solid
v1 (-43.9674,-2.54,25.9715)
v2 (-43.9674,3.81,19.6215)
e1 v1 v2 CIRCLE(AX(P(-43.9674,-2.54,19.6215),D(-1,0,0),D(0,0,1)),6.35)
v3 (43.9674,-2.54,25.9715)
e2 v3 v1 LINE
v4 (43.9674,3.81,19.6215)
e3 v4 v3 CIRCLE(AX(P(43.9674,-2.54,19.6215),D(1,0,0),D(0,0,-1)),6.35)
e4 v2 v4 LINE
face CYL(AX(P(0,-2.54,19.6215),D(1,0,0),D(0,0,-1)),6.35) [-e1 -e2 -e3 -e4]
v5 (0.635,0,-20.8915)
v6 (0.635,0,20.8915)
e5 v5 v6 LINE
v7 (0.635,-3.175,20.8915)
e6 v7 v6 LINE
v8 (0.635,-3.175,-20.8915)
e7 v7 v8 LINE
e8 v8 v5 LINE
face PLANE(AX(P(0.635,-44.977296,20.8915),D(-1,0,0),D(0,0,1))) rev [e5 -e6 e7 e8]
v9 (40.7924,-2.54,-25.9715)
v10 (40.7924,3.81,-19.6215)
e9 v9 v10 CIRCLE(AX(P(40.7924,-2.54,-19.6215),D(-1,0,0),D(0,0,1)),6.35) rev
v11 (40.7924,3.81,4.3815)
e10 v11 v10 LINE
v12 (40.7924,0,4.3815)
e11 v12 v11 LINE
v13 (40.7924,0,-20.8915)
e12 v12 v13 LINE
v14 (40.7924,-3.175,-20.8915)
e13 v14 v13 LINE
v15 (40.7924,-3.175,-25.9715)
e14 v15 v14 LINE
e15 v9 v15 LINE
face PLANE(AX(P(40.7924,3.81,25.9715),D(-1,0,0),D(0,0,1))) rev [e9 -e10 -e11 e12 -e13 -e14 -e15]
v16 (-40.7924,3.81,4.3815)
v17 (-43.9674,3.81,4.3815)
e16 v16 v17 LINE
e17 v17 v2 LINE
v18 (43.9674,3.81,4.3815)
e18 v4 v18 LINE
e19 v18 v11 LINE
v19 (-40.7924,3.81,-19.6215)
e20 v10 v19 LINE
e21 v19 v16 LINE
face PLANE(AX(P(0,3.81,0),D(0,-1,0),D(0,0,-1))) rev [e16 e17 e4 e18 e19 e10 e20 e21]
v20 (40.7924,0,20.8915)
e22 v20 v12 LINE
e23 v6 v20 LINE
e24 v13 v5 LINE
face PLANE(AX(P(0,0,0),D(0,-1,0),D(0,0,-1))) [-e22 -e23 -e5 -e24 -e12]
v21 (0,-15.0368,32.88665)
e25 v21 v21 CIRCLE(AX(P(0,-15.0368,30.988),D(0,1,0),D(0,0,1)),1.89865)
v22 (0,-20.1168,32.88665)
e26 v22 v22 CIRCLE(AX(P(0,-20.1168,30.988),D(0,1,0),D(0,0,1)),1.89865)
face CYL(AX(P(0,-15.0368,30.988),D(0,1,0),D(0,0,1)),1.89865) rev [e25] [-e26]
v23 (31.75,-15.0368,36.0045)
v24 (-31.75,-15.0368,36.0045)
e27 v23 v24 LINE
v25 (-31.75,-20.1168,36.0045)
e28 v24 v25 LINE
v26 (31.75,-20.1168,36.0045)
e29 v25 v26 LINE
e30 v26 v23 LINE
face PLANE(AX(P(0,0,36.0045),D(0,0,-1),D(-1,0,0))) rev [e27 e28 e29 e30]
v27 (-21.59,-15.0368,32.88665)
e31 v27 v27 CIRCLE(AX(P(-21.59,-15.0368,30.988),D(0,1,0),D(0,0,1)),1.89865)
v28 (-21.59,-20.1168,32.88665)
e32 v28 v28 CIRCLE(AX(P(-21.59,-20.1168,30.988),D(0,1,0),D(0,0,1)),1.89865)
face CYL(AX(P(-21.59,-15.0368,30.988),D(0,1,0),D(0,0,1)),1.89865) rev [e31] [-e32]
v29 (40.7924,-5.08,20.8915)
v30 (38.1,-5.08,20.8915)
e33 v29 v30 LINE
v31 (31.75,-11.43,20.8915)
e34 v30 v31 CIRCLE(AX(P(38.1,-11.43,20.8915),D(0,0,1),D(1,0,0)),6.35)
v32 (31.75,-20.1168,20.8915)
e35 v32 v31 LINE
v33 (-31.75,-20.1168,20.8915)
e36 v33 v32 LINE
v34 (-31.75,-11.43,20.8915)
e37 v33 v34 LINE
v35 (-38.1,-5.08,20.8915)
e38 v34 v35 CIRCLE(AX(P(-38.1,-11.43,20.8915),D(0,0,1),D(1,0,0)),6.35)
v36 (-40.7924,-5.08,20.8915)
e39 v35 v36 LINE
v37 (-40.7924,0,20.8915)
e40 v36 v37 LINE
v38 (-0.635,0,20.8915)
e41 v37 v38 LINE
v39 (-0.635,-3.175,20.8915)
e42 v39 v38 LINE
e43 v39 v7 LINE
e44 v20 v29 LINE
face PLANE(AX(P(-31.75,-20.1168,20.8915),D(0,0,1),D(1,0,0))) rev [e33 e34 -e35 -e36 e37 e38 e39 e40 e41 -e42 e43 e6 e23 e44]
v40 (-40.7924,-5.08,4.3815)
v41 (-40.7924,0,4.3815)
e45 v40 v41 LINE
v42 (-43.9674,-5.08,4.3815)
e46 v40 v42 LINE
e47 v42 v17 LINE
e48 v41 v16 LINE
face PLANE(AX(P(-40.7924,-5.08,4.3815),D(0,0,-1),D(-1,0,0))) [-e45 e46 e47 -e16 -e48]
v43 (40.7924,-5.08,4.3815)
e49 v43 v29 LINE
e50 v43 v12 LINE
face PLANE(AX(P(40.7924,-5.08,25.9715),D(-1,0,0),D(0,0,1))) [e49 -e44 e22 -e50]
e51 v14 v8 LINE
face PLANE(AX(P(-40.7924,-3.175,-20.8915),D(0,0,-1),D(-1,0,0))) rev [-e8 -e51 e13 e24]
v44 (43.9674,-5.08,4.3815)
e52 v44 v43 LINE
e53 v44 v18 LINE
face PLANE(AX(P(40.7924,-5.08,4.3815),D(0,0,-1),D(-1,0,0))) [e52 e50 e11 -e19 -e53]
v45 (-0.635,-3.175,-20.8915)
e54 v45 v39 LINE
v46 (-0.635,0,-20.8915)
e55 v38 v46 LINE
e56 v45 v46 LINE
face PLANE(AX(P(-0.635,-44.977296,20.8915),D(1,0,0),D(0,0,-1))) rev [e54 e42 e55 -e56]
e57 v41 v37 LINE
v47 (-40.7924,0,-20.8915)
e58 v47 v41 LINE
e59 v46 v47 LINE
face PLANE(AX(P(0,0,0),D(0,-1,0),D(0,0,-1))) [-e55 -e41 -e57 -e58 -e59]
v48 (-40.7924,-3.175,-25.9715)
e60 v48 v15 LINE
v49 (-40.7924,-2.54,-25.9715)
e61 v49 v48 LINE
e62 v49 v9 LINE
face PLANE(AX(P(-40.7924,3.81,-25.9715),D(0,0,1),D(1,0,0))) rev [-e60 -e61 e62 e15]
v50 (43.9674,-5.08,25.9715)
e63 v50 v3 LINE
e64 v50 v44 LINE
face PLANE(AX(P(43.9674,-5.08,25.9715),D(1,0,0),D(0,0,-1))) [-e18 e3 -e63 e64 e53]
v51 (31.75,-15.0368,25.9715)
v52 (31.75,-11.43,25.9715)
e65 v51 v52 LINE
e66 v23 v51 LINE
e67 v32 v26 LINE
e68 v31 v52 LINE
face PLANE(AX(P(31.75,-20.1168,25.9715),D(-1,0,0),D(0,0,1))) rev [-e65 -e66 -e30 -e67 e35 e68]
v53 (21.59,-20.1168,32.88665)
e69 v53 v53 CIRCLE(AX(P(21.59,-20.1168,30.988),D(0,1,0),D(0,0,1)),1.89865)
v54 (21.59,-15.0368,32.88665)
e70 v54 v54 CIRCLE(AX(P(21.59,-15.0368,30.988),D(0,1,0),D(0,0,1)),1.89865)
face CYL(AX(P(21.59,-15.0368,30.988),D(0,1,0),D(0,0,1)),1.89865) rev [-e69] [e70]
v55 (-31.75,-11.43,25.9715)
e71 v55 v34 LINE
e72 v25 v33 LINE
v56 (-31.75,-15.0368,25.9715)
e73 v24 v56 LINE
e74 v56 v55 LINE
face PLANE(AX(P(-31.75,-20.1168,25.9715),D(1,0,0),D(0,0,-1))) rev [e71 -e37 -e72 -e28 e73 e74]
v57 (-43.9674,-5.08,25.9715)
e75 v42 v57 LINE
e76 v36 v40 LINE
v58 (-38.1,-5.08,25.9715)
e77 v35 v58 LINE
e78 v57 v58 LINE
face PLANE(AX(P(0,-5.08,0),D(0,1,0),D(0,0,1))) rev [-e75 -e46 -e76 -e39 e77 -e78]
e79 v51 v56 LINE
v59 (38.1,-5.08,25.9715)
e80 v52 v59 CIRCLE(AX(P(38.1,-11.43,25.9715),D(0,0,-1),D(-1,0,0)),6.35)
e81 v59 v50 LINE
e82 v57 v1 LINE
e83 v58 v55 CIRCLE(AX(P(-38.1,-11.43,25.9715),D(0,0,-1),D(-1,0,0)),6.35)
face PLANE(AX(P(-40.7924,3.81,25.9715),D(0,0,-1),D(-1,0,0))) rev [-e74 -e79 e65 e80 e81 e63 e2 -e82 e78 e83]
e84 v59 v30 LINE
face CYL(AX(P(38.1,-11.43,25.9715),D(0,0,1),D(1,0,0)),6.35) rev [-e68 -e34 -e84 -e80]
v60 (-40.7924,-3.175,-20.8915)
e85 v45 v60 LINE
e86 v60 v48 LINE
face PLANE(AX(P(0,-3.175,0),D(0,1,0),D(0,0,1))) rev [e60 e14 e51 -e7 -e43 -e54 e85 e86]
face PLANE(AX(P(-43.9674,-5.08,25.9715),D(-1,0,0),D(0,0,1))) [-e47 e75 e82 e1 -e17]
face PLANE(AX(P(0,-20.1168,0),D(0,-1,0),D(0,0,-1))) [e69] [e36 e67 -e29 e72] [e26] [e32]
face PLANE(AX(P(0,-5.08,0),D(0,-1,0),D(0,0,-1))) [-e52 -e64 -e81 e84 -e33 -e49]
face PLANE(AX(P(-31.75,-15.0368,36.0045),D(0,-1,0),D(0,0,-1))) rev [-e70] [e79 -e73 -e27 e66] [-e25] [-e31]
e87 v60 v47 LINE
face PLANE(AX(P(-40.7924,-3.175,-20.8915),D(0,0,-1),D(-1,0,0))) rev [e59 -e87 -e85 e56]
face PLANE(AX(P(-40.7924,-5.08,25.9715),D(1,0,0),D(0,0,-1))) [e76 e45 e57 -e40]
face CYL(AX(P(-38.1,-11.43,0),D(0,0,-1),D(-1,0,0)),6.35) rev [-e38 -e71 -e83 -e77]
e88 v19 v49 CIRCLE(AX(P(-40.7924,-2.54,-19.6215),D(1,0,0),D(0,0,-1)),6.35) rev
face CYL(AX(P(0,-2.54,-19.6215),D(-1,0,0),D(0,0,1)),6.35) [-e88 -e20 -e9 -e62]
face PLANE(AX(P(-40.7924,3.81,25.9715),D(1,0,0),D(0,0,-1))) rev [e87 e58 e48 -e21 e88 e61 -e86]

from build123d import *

# Parameters (mm, degrees)
SKETCH1_W             = 81.5848
SKETCH1_H             = 51.943
BOSS_EXTRUDE1_DEPTH   = 3.81
SKETCH2_W             = 63.5
SKETCH2_H             = 5.08
BOSS_EXTRUDE2_DEPTH   = 20.1168
SKETCH3_W             = 81.5848
SKETCH3_H             = 5.08
BOSS_EXTRUDE3_DEPTH   = 3.175
SKETCH4_W             = 63.5
SKETCH4_H             = 5.08
BOSS_EXTRUDE4_DEPTH   = 10.033
SKETCH6_W             = 3.175
SKETCH6_H             = 21.59
BOSS_EXTRUDE5_DEPTH   = 8.89
FILLET1_R             = 6.35
SKETCH7_W             = 9.0424
SKETCH7_H             = 5.08
BOSS_EXTRUDE6_DEPTH   = 5.08
FILLET2_R             = 6.35
FILLET3_R             = 6.35
SKETCH8_W             = 1.27
SKETCH8_H             = 41.783
BOSS_EXTRUDE7_DEPTH   = 3.175
F_6_CLEARANCE_HOLE1_D = 3.7973


with BuildPart() as part:
    # Sketch1 → Boss-Extrude1 (new body)
    with BuildSketch(Plane(origin=(0, 0, 0), x_dir=(1, 0, 0), z_dir=(0, 1, 0))):
        Rectangle(SKETCH1_W, SKETCH1_H)
    extrude(amount=BOSS_EXTRUDE1_DEPTH)

    # Sketch2 → Boss-Extrude2 (add)
    with BuildSketch(Plane.XZ):
        with Locations((0, 23.4315)):
            Rectangle(SKETCH2_W, SKETCH2_H)
    extrude(amount=BOSS_EXTRUDE2_DEPTH)

    # Sketch3 → Boss-Extrude3 (add)
    with BuildSketch(Plane.XZ):
        with Locations((0, -23.4315)):
            Rectangle(SKETCH3_W, SKETCH3_H)
    extrude(amount=BOSS_EXTRUDE3_DEPTH)

    # Sketch4 → Boss-Extrude4 (add)
    with BuildSketch(Plane.XY.offset(25.9715)):
        with Locations((0, -17.5768)):
            Rectangle(SKETCH4_W, SKETCH4_H)
    extrude(amount=BOSS_EXTRUDE4_DEPTH)

    # Sketch6 → Boss-Extrude5 (add)
    with BuildSketch(Plane(origin=(0, 3.81, 0), x_dir=(1, 0, 0), z_dir=(0, 1, 0))):
        with Locations((-42.3799, -15.1765)):
            Rectangle(SKETCH6_W, SKETCH6_H)
        with Locations((42.3799, -15.1765)):
            Rectangle(SKETCH6_W, SKETCH6_H)
    extrude(amount=-BOSS_EXTRUDE5_DEPTH)

    # Fillet1
    fillet1_edges = [part.edges().sort_by_distance(p)[0] for p in [
        (0, 3.81, -25.9715),
    ]]
    fillet(fillet1_edges, radius=FILLET1_R)

    # Sketch7 → Boss-Extrude6 (add)
    with BuildSketch(Plane.XY.offset(25.9715)):
        with Locations((36.2712, -2.54)):
            Rectangle(SKETCH7_W, SKETCH7_H)
        with Locations((-36.2712, -2.54)):
            Rectangle(SKETCH7_W, SKETCH7_H)
    extrude(amount=-BOSS_EXTRUDE6_DEPTH)

    # Fillet2
    fillet2_edges = [part.edges().sort_by_distance(p)[0] for p in [
        (-31.75, -5.08, 23.4315),
        (31.75, -5.08, 23.4315),
    ]]
    fillet(fillet2_edges, radius=FILLET2_R)

    # Fillet3
    fillet3_edges = [part.edges().sort_by_distance(p)[0] for p in [
        (0, 3.81, 25.9715),
    ]]
    fillet(fillet3_edges, radius=FILLET3_R)

    # Sketch8 → Boss-Extrude7 (add)
    with BuildSketch(Plane.XZ):
        Rectangle(SKETCH8_W, SKETCH8_H)
    extrude(amount=BOSS_EXTRUDE7_DEPTH)

    # #6 Clearance Hole1 (through all)
    with Locations(Plane(origin=(21.59, -15.0368, 30.988), x_dir=(0, 0, 1), z_dir=(0, 1, 0))):
        with Locations((0, 0), (0, -43.18), (0, -21.59)):
            Hole(F_6_CLEARANCE_HOLE1_D / 2)


solid = part.part
